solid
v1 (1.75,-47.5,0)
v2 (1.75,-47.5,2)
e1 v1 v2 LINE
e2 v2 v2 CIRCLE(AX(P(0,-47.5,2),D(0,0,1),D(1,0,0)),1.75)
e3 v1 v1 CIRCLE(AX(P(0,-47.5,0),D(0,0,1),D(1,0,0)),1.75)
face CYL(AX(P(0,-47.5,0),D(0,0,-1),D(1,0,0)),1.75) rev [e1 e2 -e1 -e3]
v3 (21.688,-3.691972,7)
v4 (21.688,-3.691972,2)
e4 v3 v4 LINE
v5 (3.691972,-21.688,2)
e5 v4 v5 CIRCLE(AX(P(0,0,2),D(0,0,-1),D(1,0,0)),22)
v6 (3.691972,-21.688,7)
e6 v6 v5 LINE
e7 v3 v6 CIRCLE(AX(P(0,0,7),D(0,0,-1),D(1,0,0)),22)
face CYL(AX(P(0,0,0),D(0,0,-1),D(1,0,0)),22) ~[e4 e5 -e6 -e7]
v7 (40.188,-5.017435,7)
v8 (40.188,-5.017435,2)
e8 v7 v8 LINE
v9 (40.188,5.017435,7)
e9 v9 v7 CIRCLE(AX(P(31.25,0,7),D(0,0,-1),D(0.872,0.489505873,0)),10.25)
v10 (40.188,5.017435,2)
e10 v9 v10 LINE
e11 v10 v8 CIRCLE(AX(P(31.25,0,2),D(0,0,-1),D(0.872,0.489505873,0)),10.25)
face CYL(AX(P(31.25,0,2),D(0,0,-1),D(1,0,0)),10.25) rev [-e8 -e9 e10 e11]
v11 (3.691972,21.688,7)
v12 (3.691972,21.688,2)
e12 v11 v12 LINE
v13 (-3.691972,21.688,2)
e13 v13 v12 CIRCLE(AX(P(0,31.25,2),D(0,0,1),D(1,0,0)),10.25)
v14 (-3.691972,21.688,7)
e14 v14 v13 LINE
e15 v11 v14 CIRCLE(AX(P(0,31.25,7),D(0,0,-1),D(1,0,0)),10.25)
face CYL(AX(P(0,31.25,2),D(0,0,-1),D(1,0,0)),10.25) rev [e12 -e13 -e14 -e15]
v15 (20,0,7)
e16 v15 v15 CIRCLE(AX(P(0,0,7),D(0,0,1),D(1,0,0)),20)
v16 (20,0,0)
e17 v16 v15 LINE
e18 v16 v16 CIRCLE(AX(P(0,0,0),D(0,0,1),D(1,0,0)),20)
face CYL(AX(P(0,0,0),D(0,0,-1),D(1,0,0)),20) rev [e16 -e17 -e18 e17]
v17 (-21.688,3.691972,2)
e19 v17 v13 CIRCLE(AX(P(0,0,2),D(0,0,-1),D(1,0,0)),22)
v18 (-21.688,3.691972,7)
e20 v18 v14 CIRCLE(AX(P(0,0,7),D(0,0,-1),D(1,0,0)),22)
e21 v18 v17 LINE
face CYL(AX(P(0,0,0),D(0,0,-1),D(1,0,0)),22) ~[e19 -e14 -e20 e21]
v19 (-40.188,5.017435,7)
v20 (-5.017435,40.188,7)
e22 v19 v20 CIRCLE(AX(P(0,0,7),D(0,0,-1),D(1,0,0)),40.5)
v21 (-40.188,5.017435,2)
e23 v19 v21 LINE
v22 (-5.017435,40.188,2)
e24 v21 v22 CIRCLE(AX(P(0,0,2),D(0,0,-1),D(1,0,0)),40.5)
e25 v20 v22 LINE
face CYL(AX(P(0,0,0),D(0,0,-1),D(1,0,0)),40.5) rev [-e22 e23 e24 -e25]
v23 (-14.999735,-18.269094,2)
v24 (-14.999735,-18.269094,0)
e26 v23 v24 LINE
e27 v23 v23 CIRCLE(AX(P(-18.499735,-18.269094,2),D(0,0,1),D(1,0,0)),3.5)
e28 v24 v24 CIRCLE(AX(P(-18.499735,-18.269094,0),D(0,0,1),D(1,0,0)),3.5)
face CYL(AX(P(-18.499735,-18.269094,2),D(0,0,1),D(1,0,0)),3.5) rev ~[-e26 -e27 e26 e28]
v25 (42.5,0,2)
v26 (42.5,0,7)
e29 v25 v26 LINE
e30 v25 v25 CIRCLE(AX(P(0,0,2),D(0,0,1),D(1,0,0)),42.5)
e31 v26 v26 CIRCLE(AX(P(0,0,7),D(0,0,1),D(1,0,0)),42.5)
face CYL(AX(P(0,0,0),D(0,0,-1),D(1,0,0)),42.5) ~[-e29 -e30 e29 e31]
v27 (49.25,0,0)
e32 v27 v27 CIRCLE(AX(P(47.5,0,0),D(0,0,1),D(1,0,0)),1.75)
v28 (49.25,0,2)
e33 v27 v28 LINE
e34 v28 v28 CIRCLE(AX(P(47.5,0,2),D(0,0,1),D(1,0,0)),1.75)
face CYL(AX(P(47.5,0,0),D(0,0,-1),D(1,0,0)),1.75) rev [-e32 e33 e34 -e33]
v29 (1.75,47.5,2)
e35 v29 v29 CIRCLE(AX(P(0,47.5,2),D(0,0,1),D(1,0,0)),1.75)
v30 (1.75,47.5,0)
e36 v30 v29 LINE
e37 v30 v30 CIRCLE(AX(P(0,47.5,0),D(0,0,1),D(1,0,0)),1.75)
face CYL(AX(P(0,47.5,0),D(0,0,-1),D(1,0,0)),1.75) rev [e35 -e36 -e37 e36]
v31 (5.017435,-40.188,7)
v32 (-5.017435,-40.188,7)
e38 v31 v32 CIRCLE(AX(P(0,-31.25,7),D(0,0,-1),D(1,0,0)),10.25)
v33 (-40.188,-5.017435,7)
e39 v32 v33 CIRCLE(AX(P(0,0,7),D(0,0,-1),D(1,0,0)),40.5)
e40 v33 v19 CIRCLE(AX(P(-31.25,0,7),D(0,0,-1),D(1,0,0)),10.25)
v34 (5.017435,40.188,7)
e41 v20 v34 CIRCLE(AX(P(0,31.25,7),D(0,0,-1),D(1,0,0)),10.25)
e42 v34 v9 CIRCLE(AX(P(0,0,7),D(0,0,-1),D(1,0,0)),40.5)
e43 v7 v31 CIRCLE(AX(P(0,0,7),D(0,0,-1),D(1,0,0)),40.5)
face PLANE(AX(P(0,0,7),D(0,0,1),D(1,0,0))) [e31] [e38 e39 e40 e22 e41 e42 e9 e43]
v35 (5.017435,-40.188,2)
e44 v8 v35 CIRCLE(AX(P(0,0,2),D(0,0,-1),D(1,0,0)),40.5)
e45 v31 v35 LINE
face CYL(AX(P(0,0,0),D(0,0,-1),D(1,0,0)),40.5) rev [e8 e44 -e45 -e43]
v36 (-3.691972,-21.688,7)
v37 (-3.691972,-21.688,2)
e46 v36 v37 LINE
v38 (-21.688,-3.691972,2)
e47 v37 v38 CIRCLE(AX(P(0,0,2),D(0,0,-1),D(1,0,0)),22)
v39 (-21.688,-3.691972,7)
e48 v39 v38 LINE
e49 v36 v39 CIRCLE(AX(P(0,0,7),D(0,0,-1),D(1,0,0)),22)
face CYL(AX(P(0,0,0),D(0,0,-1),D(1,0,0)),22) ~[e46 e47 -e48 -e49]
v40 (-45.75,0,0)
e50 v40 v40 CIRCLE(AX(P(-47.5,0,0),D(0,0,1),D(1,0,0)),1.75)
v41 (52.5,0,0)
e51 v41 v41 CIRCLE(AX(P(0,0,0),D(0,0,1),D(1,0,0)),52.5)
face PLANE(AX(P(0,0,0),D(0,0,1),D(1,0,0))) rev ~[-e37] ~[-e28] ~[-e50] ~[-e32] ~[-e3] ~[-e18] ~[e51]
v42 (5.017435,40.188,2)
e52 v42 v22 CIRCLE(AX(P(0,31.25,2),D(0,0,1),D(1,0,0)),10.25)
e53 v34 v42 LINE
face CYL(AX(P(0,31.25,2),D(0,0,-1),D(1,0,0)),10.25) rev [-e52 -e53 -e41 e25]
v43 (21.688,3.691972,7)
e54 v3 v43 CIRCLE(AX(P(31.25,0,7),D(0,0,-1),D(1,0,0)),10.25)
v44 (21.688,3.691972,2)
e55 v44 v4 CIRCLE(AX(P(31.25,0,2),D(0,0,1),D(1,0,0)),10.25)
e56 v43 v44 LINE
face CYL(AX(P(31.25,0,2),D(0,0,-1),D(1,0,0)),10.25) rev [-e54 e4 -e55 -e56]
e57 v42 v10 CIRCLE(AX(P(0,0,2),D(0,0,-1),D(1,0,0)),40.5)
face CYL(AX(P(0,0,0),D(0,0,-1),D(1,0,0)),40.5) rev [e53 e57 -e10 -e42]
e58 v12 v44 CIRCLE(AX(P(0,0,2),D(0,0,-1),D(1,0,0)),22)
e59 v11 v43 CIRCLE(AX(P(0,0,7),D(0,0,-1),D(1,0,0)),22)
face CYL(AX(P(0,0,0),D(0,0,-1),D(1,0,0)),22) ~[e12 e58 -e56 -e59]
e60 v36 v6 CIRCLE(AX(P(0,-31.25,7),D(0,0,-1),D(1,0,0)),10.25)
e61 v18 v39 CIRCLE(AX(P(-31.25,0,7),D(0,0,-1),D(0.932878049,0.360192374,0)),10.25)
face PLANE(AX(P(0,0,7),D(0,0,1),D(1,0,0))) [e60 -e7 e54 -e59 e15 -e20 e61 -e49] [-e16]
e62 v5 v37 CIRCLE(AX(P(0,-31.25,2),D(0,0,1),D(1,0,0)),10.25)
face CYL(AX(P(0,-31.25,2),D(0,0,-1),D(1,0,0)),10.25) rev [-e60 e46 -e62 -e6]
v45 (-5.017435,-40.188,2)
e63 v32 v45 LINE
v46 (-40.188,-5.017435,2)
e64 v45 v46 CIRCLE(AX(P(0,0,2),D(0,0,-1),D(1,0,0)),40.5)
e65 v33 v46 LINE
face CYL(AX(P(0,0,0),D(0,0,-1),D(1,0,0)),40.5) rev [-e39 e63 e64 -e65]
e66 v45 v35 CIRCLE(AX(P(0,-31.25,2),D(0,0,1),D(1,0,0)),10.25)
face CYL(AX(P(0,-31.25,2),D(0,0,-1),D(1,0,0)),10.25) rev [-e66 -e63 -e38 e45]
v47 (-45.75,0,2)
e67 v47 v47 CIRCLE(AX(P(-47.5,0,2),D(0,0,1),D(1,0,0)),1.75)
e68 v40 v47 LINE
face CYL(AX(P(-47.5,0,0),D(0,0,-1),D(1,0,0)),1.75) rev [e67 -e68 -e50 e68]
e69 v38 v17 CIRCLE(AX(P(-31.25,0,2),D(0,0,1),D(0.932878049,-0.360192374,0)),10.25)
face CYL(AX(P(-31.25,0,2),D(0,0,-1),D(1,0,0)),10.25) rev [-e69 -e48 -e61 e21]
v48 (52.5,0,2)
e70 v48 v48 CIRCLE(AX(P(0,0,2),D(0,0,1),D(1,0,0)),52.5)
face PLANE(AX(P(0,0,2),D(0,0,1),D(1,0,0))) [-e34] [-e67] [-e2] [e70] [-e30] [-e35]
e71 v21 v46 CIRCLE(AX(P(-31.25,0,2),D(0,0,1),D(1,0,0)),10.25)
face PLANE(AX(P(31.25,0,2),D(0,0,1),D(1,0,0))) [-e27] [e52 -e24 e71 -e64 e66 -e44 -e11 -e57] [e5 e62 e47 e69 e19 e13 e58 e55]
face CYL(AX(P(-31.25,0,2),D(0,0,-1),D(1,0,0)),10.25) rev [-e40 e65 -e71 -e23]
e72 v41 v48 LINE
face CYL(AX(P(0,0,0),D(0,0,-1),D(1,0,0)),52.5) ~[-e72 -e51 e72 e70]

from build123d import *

# Parameters (mm, degrees)
F0_R     = 52.5
F0_R_2   = 1.75
F0_R_3   = 42.5
F1_DEPTH = 2
F0_R_4   = 20
F2_DEPTH = 7
F3_T     = -2
F4_R     = 10.25
F5_DEPTH = 25
F6_R     = 3.5
F7_DEPTH = 25


with BuildPart() as f1:
    # F0 (on Top) → F1 (new body)
    with BuildSketch(Plane.XY):
        Circle(F0_R)
        with Locations((0, -47.5)):
            Circle(F0_R_2, mode=Mode.SUBTRACT)
        with Locations((-47.5, 0)):
            Circle(F0_R_2, mode=Mode.SUBTRACT)
        Circle(F0_R_3, mode=Mode.SUBTRACT)
        with Locations((47.5, 0)):
            Circle(F0_R_2, mode=Mode.SUBTRACT)
        with Locations((0, 47.5)):
            Circle(F0_R_2, mode=Mode.SUBTRACT)
    extrude(amount=F1_DEPTH)

    # F0 (on Top) → F2 (join)
    with BuildSketch(Plane.XY):
        Circle(F0_R_3)
        Circle(F0_R_4, mode=Mode.SUBTRACT)
    extrude(amount=F2_DEPTH)

    # F3
    f3_openings = [f1.faces().sort_by_distance(p)[0] for p in [
        (-41.297918, 0, 7),
    ]]
    offset(amount=F3_T, openings=f3_openings, kind=Kind.INTERSECTION)

    # F4 (on face) → F5 (cut)
    with BuildSketch(Plane.XY.offset(2)):
        with Locations((0, 31.25)):
            Circle(F4_R)
        with Locations((-31.25, 0)):
            Circle(F4_R)
        with Locations((0, -31.25)):
            Circle(F4_R)
        with Locations((31.25, 0)):
            Circle(F4_R)
    extrude(amount=F5_DEPTH, mode=Mode.SUBTRACT)

    # F6 (on face) → F7 (cut)
    with BuildSketch(Plane.XY.offset(2)):
        with Locations((-18.4997347846, -18.269094474)):
            Circle(F6_R)
    extrude(amount=-F7_DEPTH, mode=Mode.SUBTRACT)


solid = f1.part
